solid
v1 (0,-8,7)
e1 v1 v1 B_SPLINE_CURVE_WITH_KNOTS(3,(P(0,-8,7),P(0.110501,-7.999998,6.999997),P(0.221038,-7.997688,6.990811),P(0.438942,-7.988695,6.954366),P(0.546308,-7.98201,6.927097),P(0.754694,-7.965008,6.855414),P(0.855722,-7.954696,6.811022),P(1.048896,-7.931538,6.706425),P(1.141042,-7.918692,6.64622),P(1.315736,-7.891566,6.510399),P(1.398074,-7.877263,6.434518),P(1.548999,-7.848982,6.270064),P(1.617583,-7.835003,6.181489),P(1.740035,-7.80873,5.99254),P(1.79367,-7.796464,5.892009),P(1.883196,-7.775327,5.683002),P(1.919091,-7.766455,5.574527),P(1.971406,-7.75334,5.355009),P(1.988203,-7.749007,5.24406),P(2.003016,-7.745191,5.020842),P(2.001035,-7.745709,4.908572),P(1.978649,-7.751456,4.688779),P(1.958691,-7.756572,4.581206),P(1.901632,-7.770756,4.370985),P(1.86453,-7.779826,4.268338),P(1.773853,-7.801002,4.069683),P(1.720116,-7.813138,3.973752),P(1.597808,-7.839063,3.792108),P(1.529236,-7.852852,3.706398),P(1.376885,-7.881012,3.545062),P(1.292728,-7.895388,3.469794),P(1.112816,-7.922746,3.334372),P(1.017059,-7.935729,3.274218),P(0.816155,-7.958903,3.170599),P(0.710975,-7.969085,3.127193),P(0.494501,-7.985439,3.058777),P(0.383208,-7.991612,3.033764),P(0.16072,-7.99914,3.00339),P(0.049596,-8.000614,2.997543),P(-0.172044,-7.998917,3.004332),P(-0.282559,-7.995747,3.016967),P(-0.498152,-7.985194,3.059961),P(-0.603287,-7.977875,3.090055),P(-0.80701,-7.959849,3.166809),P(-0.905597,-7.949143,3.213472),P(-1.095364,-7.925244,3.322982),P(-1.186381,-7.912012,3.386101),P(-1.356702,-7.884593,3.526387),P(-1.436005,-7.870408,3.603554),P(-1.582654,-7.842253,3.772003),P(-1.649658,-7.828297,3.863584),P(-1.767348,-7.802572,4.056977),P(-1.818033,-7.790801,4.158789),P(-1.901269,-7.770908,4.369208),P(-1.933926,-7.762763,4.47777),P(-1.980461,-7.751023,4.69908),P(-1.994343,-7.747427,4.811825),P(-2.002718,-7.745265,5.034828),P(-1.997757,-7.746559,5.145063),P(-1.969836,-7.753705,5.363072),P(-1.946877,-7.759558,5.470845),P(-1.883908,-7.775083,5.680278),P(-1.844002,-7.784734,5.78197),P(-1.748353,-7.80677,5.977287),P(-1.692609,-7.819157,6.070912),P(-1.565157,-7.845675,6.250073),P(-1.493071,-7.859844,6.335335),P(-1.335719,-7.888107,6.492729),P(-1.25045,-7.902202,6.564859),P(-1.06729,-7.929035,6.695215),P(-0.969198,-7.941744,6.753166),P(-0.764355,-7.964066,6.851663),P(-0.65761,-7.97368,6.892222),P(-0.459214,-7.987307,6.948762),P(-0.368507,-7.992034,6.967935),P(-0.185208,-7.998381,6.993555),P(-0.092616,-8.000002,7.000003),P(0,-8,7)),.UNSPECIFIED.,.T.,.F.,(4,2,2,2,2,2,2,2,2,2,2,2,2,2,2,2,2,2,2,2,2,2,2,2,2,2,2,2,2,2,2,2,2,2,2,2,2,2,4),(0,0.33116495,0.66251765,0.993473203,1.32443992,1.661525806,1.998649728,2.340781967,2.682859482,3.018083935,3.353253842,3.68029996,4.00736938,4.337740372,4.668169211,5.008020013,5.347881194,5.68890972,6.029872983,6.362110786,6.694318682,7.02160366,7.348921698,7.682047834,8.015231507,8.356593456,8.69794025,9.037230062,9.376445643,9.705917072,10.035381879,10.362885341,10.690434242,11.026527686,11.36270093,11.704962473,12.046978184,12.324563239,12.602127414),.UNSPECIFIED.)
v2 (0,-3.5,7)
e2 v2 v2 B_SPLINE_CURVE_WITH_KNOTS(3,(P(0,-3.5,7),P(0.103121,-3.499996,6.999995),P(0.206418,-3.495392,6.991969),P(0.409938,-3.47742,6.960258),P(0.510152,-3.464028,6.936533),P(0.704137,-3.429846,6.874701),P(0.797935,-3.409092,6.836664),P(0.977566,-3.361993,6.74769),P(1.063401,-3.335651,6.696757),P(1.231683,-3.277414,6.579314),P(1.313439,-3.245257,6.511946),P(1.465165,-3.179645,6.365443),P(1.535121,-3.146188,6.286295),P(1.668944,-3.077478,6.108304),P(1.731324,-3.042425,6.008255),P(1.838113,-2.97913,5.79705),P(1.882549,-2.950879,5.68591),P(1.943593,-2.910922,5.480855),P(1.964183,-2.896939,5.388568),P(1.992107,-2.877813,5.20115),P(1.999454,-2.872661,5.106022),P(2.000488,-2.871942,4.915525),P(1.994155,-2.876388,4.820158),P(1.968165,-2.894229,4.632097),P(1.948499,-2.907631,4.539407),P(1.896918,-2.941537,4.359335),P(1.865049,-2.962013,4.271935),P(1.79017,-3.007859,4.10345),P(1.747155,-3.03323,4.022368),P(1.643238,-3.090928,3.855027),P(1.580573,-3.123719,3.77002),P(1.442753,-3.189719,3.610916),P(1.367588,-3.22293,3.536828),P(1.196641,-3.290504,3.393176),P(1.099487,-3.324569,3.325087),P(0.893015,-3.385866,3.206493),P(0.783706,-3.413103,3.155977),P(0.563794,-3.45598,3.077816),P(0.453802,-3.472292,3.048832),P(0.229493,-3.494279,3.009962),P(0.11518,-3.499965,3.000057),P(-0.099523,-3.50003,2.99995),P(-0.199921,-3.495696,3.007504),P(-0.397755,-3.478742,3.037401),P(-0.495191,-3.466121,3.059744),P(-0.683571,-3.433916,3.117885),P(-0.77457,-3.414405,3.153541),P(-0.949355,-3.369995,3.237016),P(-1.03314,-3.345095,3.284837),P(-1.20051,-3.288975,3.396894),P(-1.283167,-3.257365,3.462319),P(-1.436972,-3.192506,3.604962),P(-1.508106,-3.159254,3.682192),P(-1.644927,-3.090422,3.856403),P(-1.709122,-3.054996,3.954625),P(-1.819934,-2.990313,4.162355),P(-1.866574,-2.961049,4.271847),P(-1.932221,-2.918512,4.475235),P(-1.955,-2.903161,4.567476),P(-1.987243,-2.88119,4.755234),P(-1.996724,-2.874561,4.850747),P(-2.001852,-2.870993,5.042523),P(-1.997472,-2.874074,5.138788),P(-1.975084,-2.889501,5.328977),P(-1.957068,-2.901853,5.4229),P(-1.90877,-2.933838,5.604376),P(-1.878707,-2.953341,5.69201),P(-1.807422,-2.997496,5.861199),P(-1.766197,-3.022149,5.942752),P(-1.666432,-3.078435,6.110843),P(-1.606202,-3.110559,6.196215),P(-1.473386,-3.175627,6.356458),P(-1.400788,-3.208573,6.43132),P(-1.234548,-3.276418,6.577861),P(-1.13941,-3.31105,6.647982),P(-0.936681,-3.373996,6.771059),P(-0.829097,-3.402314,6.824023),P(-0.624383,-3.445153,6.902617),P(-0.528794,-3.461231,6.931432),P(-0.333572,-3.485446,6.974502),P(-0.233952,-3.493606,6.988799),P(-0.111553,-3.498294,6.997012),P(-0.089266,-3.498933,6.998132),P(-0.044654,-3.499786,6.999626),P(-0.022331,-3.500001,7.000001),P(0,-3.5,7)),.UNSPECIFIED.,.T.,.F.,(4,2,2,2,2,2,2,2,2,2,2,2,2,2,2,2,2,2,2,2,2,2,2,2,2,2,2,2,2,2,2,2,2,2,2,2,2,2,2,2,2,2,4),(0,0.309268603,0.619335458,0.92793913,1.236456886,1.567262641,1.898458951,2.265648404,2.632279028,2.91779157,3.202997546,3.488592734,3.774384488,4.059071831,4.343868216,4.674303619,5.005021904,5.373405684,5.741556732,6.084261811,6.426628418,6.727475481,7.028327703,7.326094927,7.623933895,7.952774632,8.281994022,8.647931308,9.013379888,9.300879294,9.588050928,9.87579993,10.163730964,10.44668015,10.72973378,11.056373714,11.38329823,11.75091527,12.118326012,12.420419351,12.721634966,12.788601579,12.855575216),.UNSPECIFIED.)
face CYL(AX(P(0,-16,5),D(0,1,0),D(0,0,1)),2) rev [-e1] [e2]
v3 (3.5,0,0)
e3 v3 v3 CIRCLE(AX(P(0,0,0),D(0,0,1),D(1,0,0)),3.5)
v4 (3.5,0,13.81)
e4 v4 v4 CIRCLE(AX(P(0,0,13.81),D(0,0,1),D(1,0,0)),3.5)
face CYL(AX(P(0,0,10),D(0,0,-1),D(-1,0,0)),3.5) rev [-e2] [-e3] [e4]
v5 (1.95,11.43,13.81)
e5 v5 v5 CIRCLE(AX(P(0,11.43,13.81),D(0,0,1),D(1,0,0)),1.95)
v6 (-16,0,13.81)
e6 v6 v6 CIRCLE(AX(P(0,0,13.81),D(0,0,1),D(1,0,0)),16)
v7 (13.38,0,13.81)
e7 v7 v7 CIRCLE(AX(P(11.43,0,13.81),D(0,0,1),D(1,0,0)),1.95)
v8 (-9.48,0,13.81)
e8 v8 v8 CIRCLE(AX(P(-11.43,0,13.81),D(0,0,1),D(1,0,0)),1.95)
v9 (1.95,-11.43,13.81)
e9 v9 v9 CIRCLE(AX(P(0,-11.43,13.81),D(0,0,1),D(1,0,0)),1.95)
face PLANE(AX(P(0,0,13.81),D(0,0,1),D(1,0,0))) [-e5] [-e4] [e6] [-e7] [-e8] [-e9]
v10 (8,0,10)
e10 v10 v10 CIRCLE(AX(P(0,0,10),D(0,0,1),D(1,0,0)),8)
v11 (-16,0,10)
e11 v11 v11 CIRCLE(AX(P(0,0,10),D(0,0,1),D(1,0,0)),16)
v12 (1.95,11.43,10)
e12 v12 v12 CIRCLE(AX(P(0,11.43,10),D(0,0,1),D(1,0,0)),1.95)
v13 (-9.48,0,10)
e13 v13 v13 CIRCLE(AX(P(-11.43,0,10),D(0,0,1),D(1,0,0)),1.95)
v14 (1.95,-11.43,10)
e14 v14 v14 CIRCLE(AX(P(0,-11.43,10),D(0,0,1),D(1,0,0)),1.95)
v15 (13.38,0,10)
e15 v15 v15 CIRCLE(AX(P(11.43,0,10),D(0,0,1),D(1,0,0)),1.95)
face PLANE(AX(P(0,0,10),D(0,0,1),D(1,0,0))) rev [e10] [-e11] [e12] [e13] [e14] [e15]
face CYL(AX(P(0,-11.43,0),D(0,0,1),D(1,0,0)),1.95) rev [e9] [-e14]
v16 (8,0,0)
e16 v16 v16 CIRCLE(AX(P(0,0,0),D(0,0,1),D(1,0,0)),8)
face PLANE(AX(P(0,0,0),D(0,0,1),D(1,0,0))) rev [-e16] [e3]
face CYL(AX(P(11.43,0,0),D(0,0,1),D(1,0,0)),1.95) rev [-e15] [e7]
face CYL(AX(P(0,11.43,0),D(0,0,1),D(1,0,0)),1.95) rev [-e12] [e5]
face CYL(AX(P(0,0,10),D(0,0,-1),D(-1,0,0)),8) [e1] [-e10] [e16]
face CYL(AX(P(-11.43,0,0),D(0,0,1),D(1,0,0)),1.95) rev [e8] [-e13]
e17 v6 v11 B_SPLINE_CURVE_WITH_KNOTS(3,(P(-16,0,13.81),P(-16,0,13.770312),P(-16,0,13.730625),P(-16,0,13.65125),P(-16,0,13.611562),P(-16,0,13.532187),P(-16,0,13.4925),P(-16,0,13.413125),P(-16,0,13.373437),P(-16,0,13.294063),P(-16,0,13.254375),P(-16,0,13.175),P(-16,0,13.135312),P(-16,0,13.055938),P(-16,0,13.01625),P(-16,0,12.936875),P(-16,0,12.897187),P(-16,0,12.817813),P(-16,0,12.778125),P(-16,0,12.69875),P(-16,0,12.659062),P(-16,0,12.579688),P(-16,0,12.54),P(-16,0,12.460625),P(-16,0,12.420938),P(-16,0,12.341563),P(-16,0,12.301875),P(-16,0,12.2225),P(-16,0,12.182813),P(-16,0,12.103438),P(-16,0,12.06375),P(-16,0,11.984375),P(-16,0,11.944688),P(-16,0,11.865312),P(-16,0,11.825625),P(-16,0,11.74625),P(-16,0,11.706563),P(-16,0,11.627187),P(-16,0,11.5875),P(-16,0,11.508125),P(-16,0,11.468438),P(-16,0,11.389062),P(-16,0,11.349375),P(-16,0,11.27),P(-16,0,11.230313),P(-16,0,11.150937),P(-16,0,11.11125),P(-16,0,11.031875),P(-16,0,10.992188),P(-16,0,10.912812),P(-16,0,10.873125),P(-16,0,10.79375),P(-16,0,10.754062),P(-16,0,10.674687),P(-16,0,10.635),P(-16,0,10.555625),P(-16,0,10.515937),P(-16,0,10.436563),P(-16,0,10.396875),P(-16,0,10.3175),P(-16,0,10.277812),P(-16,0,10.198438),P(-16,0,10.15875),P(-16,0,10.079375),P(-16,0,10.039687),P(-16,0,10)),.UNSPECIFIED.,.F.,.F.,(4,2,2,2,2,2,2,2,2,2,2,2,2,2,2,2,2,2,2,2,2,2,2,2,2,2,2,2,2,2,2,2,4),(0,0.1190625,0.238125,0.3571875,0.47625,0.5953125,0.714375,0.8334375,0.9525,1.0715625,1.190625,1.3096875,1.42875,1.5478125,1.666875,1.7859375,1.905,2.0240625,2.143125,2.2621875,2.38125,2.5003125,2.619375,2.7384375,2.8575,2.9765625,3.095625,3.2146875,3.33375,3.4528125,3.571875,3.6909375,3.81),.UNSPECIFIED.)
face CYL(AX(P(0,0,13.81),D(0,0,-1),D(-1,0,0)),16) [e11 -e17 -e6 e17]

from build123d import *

# Parameters (mm, degrees)
SKETCH1_R           = 8
SKETCH1_R_2         = 3.5
BOSS_EXTRUDE1_DEPTH = 10
SKETCH2_R           = 16
SKETCH2_R_2         = 3.5
BOSS_EXTRUDE2_DEPTH = 3.81
SKETCH3_R           = 1.95
CUT_EXTRUDE1_DEPTH  = 27.508792881
SKETCH4_R           = 2
CUT_EXTRUDE2_DEPTH  = 27.508792881


with BuildPart() as part:
    # Sketch1 → Boss-Extrude1 (new body)
    with BuildSketch(Plane.XY):
        Circle(SKETCH1_R)
        Circle(SKETCH1_R_2, mode=Mode.SUBTRACT)
    extrude(amount=BOSS_EXTRUDE1_DEPTH)

    # Sketch2 → Boss-Extrude2 (add)
    with BuildSketch(Plane.XY.offset(10)):
        with Locations(Location((0, 0, 0), (0, 0, 180))):
            Circle(SKETCH2_R)
        Circle(SKETCH2_R_2, mode=Mode.SUBTRACT)
    extrude(amount=BOSS_EXTRUDE2_DEPTH)

    # Sketch3 → Cut-Extrude1 (cut, through all)
    with BuildSketch(Plane.XY.offset(13.81)):
        with Locations((0, 11.43)):
            Circle(SKETCH3_R)
        with Locations((11.43, 0)):
            Circle(SKETCH3_R)
        with Locations((0, -11.43)):
            Circle(SKETCH3_R)
        with Locations((-11.43, 0)):
            Circle(SKETCH3_R)
    extrude(amount=-CUT_EXTRUDE1_DEPTH, mode=Mode.SUBTRACT)

    # Sketch4 → Cut-Extrude2 (cut, through all)
    with BuildSketch(Plane(origin=(0, 0, 0), x_dir=(1, 0, 0), z_dir=(0, 1, 0))):
        with Locations(Location((0, -5, 0), (0, 0, 270))):
            Circle(SKETCH4_R)
    extrude(amount=-CUT_EXTRUDE2_DEPTH, mode=Mode.SUBTRACT)


solid = part.part
